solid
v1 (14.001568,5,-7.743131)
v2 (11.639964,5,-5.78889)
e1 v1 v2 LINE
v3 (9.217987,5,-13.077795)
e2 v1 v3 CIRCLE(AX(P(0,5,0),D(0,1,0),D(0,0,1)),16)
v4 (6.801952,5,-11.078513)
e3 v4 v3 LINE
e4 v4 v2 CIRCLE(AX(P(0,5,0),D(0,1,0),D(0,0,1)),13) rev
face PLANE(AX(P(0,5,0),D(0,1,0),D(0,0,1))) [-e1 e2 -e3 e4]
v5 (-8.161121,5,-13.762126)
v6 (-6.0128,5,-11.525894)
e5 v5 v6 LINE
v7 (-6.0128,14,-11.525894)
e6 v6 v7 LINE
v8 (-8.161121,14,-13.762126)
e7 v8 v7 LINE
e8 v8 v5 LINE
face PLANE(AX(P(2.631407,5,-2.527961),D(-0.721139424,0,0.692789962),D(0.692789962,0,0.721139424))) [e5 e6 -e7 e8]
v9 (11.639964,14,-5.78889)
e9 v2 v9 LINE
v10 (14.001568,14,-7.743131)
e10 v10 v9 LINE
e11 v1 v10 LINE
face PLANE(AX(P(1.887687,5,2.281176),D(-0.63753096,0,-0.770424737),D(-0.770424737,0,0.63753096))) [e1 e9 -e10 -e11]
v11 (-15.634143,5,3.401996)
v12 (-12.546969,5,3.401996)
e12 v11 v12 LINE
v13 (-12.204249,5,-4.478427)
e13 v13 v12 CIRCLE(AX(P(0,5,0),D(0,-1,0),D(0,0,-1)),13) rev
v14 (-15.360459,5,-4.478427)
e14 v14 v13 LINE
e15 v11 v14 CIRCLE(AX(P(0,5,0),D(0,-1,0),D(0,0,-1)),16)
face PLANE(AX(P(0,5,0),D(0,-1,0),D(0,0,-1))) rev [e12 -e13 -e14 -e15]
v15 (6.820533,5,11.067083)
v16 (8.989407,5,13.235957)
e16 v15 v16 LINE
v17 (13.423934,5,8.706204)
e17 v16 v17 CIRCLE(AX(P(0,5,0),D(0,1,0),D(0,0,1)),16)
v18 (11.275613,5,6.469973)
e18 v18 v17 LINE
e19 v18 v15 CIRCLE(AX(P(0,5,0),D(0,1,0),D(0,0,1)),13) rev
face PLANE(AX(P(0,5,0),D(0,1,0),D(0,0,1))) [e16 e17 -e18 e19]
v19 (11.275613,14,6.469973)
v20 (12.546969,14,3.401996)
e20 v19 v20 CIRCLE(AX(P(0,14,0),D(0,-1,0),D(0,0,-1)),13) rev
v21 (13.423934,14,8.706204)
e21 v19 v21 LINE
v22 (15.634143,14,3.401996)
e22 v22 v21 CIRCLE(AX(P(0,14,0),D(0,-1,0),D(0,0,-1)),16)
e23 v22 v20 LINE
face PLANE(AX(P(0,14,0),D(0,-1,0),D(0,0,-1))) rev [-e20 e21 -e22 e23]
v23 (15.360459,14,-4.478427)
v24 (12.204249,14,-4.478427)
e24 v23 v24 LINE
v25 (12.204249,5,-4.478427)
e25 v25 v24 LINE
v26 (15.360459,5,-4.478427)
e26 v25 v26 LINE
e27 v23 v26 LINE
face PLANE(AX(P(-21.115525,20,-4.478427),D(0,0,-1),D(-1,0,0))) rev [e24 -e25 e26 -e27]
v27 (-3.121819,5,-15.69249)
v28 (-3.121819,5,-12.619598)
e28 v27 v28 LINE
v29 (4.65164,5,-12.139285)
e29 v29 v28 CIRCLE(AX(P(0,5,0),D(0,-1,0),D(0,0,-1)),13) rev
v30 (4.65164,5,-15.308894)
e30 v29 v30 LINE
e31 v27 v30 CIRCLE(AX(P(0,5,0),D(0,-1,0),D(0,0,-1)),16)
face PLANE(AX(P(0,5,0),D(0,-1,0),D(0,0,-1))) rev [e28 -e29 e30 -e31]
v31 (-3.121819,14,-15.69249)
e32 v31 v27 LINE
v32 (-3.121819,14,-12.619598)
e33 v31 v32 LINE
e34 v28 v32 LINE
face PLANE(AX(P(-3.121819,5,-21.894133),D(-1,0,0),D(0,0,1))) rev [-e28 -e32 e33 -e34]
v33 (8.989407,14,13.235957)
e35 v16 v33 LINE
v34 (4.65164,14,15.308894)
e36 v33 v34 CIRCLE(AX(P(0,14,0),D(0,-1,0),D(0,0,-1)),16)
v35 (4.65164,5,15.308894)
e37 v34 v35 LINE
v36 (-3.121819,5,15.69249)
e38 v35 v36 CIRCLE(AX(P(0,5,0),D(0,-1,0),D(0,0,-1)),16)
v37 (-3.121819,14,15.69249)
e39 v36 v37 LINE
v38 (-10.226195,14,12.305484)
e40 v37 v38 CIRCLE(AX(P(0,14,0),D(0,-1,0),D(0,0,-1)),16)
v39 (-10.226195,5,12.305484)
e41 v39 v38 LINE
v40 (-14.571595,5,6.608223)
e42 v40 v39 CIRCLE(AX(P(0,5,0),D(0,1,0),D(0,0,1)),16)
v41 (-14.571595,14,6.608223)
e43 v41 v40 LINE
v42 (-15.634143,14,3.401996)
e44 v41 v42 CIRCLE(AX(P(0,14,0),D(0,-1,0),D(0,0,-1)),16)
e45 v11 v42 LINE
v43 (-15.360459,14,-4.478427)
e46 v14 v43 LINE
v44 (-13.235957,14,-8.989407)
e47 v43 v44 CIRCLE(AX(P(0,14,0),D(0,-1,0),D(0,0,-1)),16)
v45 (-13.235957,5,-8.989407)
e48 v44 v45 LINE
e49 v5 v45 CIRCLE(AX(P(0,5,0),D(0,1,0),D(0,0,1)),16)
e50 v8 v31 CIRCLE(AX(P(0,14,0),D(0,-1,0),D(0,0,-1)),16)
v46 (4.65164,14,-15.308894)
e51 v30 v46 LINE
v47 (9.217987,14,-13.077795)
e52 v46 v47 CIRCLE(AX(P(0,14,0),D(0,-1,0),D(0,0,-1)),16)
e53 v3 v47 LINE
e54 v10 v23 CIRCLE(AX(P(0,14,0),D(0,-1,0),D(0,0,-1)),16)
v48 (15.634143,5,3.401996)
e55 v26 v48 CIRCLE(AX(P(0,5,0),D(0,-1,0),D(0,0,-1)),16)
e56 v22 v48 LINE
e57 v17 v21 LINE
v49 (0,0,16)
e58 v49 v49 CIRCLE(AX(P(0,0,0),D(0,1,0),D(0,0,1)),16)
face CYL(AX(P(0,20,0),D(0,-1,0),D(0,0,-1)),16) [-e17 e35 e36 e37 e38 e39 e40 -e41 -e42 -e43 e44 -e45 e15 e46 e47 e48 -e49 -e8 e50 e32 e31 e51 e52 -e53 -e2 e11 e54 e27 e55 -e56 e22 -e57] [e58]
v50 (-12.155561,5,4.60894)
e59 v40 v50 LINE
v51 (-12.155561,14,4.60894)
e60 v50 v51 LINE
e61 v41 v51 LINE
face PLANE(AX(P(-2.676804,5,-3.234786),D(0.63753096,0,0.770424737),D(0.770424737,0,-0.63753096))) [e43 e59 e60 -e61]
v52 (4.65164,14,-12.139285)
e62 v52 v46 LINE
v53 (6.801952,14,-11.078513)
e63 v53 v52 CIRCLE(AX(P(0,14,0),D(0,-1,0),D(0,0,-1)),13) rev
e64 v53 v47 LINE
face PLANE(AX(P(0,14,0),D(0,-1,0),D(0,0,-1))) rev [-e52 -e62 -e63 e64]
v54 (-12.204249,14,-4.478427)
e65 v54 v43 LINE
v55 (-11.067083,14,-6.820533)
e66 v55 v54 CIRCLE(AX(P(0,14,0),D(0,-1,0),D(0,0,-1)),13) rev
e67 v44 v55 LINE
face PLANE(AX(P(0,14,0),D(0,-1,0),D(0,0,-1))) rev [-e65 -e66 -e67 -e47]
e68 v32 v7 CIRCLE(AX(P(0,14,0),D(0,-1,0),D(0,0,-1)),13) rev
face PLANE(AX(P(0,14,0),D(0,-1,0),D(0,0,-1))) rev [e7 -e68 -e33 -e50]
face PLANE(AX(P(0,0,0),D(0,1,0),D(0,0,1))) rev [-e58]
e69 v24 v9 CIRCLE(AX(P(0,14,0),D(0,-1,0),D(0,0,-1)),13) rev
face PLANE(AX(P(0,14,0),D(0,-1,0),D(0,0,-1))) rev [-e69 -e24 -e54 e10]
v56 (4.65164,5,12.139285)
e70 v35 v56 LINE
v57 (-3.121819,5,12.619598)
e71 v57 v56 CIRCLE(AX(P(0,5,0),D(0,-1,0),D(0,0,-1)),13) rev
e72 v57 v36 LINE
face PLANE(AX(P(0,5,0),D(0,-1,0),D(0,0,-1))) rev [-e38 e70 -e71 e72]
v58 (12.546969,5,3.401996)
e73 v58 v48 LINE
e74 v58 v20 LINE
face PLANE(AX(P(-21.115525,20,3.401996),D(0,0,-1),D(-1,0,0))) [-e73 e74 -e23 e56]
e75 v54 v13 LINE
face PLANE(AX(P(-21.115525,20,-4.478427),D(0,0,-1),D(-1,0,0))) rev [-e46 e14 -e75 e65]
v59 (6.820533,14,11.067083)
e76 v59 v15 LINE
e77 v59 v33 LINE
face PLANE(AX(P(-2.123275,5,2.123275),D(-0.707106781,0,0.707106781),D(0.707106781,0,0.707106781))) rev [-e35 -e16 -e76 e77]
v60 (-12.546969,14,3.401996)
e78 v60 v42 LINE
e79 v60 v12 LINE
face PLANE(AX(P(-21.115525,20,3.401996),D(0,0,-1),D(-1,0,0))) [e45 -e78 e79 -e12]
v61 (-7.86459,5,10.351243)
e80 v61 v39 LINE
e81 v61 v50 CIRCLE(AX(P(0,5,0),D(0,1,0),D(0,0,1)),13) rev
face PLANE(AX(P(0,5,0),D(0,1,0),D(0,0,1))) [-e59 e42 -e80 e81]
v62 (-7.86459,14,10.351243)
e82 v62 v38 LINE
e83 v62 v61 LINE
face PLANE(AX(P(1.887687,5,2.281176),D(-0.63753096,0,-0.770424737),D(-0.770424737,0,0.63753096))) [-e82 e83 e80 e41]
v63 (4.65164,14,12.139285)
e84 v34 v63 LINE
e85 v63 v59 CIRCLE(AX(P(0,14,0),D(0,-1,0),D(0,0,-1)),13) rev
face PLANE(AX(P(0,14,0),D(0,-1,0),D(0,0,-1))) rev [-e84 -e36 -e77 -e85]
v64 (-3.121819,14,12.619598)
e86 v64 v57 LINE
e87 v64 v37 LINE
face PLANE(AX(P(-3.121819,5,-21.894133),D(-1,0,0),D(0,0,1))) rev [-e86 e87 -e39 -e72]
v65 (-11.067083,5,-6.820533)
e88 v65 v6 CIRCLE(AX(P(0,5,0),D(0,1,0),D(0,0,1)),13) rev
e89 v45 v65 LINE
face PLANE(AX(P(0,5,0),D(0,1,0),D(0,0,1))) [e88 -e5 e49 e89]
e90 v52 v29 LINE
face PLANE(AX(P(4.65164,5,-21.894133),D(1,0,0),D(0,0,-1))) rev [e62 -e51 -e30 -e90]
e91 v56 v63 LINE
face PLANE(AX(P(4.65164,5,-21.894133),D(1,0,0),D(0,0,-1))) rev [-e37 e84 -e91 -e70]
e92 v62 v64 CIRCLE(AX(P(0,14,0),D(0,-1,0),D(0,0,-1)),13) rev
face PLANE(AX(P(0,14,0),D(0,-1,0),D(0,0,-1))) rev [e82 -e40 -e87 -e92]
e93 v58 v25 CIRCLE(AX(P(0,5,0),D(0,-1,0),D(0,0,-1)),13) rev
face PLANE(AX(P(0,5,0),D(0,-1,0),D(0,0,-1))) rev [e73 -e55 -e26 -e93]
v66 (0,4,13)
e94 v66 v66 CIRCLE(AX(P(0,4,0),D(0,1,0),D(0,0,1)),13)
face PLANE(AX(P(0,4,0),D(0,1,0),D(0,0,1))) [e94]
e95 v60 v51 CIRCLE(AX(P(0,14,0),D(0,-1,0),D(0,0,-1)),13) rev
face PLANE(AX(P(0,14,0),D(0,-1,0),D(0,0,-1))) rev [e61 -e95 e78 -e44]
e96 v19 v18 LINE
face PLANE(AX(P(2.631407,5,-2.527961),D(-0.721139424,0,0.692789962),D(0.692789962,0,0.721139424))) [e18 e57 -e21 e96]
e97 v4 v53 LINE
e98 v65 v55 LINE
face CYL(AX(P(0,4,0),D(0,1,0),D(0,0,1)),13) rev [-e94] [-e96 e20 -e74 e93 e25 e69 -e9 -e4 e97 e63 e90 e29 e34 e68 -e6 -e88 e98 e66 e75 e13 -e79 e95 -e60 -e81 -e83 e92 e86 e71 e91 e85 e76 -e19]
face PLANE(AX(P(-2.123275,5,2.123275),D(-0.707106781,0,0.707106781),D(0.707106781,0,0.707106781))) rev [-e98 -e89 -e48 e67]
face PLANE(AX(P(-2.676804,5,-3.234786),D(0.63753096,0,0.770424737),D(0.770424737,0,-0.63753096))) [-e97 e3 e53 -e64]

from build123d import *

# Parameters (mm, degrees)
SKETCH_1_R           = 16
EXTRUDE_1_DEPTH      = 20
SKETCH_2_R           = 13
CUT_EXTRUDE_1_DEPTH  = 16
CUT_EXTRUDE_8_DEPTH  = 15
SKETCH_7_W           = 7.773458373
SKETCH_7_H           = 44.148318348
CUT_EXTRUDE_9_DEPTH  = 15
CUT_EXTRUDE_12_DEPTH = 15
CUT_EXTRUDE_14_DEPTH = 6


with BuildPart() as part:
    # 草图1 → 凸台-拉伸1 (new body)
    with BuildSketch(Plane(origin=(0, 0, 0), x_dir=(1, 0, 0), z_dir=(0, 1, 0))):
        with Locations(Location((0, 0, 0), (0, 0, 270))):
            Circle(SKETCH_1_R)
    extrude(amount=EXTRUDE_1_DEPTH)

    # 草图2 → 切除-拉伸1 (cut)
    with BuildSketch(Plane(origin=(0, 20, 0), x_dir=(1, 0, 0), z_dir=(0, 1, 0))):
        with Locations(Location((0, 0, 0), (0, 0, 270))):
            Circle(SKETCH_2_R)
    extrude(amount=-CUT_EXTRUDE_1_DEPTH, mode=Mode.SUBTRACT)

    # Sketch 3D_1 → 切除-拉伸8 (cut)
    with BuildSketch(Plane(origin=(-21.115525012, 20, -4.47842686), x_dir=(0.9837828296095457, 0, 0.17936372031555256), z_dir=(0, -1, 0))):
        Polygon((0, 0), (42.521972379, -7.752624798), (43.935434359, 0), (1.41346198, 7.752624798), align=None)
    extrude(amount=CUT_EXTRUDE_8_DEPTH, mode=Mode.SUBTRACT)

    # 草图7 → 切除-拉伸9 (cut)
    with BuildSketch(Plane(origin=(0, 20, 0), x_dir=(1, 0, 0), z_dir=(0, 1, 0))):
        with Locations((0.764910482, -0.180026065)):
            Rectangle(SKETCH_7_W, SKETCH_7_H)
    extrude(amount=-CUT_EXTRUDE_9_DEPTH, mode=Mode.SUBTRACT)

    # 草图8 → 切除-拉伸12 (cut)
    with BuildSketch(Plane(origin=(0, 20, 0), x_dir=(1, 0, 0), z_dir=(0, 1, 0))):
        Polygon((-0.220684434, -4.025865965), (-5.305815048, 1.059264649), (-20.221668569, -11.283691061), (-18.774175203, -19.378987698), align=None)
        Polygon((-12.618321187, 18.401718398), (-17.471521644, 13.224971244), (-5.305815048, 1.059264649), (-0.097842246, 5.368892492), align=None)
        with BuildLine():
            Line((9.217986526, 13.07779509), (6.801952348, 11.078512728))
            ThreePointArc((6.801952348, 11.078512728), (9.592762697, 8.773762239), (11.63996381, 5.788889574))
            Line((11.63996381, 5.788889574), (14.001568463, 7.743131187))
            ThreePointArc((14.001568463, 7.743131187), (11.912245515, 10.681685578), (9.217986526, 13.07779509))
        make_face()
        Polygon((4.875918089, 0.191602323), (-0.220684434, -4.025865965), (13.346301255, -17.592851655), (19.008368455, -14.519158032), align=None)
    extrude(amount=-CUT_EXTRUDE_12_DEPTH, mode=Mode.SUBTRACT)

    # Sketch 3D_2 → 切除-拉伸14 (cut)
    with BuildSketch(Plane(origin=(17.993102369, 20, -18.234682019), x_dir=(-0.7299619657231169, 0, 0.6834877677015465), z_dir=(0, -1, 0))):
        Polygon((0, 0), (27.649733988, 25.889369376), (51.890815184, 0), (24.241081197, -25.889369376), align=None)
    extrude(amount=CUT_EXTRUDE_14_DEPTH, mode=Mode.SUBTRACT)


solid = part.part
